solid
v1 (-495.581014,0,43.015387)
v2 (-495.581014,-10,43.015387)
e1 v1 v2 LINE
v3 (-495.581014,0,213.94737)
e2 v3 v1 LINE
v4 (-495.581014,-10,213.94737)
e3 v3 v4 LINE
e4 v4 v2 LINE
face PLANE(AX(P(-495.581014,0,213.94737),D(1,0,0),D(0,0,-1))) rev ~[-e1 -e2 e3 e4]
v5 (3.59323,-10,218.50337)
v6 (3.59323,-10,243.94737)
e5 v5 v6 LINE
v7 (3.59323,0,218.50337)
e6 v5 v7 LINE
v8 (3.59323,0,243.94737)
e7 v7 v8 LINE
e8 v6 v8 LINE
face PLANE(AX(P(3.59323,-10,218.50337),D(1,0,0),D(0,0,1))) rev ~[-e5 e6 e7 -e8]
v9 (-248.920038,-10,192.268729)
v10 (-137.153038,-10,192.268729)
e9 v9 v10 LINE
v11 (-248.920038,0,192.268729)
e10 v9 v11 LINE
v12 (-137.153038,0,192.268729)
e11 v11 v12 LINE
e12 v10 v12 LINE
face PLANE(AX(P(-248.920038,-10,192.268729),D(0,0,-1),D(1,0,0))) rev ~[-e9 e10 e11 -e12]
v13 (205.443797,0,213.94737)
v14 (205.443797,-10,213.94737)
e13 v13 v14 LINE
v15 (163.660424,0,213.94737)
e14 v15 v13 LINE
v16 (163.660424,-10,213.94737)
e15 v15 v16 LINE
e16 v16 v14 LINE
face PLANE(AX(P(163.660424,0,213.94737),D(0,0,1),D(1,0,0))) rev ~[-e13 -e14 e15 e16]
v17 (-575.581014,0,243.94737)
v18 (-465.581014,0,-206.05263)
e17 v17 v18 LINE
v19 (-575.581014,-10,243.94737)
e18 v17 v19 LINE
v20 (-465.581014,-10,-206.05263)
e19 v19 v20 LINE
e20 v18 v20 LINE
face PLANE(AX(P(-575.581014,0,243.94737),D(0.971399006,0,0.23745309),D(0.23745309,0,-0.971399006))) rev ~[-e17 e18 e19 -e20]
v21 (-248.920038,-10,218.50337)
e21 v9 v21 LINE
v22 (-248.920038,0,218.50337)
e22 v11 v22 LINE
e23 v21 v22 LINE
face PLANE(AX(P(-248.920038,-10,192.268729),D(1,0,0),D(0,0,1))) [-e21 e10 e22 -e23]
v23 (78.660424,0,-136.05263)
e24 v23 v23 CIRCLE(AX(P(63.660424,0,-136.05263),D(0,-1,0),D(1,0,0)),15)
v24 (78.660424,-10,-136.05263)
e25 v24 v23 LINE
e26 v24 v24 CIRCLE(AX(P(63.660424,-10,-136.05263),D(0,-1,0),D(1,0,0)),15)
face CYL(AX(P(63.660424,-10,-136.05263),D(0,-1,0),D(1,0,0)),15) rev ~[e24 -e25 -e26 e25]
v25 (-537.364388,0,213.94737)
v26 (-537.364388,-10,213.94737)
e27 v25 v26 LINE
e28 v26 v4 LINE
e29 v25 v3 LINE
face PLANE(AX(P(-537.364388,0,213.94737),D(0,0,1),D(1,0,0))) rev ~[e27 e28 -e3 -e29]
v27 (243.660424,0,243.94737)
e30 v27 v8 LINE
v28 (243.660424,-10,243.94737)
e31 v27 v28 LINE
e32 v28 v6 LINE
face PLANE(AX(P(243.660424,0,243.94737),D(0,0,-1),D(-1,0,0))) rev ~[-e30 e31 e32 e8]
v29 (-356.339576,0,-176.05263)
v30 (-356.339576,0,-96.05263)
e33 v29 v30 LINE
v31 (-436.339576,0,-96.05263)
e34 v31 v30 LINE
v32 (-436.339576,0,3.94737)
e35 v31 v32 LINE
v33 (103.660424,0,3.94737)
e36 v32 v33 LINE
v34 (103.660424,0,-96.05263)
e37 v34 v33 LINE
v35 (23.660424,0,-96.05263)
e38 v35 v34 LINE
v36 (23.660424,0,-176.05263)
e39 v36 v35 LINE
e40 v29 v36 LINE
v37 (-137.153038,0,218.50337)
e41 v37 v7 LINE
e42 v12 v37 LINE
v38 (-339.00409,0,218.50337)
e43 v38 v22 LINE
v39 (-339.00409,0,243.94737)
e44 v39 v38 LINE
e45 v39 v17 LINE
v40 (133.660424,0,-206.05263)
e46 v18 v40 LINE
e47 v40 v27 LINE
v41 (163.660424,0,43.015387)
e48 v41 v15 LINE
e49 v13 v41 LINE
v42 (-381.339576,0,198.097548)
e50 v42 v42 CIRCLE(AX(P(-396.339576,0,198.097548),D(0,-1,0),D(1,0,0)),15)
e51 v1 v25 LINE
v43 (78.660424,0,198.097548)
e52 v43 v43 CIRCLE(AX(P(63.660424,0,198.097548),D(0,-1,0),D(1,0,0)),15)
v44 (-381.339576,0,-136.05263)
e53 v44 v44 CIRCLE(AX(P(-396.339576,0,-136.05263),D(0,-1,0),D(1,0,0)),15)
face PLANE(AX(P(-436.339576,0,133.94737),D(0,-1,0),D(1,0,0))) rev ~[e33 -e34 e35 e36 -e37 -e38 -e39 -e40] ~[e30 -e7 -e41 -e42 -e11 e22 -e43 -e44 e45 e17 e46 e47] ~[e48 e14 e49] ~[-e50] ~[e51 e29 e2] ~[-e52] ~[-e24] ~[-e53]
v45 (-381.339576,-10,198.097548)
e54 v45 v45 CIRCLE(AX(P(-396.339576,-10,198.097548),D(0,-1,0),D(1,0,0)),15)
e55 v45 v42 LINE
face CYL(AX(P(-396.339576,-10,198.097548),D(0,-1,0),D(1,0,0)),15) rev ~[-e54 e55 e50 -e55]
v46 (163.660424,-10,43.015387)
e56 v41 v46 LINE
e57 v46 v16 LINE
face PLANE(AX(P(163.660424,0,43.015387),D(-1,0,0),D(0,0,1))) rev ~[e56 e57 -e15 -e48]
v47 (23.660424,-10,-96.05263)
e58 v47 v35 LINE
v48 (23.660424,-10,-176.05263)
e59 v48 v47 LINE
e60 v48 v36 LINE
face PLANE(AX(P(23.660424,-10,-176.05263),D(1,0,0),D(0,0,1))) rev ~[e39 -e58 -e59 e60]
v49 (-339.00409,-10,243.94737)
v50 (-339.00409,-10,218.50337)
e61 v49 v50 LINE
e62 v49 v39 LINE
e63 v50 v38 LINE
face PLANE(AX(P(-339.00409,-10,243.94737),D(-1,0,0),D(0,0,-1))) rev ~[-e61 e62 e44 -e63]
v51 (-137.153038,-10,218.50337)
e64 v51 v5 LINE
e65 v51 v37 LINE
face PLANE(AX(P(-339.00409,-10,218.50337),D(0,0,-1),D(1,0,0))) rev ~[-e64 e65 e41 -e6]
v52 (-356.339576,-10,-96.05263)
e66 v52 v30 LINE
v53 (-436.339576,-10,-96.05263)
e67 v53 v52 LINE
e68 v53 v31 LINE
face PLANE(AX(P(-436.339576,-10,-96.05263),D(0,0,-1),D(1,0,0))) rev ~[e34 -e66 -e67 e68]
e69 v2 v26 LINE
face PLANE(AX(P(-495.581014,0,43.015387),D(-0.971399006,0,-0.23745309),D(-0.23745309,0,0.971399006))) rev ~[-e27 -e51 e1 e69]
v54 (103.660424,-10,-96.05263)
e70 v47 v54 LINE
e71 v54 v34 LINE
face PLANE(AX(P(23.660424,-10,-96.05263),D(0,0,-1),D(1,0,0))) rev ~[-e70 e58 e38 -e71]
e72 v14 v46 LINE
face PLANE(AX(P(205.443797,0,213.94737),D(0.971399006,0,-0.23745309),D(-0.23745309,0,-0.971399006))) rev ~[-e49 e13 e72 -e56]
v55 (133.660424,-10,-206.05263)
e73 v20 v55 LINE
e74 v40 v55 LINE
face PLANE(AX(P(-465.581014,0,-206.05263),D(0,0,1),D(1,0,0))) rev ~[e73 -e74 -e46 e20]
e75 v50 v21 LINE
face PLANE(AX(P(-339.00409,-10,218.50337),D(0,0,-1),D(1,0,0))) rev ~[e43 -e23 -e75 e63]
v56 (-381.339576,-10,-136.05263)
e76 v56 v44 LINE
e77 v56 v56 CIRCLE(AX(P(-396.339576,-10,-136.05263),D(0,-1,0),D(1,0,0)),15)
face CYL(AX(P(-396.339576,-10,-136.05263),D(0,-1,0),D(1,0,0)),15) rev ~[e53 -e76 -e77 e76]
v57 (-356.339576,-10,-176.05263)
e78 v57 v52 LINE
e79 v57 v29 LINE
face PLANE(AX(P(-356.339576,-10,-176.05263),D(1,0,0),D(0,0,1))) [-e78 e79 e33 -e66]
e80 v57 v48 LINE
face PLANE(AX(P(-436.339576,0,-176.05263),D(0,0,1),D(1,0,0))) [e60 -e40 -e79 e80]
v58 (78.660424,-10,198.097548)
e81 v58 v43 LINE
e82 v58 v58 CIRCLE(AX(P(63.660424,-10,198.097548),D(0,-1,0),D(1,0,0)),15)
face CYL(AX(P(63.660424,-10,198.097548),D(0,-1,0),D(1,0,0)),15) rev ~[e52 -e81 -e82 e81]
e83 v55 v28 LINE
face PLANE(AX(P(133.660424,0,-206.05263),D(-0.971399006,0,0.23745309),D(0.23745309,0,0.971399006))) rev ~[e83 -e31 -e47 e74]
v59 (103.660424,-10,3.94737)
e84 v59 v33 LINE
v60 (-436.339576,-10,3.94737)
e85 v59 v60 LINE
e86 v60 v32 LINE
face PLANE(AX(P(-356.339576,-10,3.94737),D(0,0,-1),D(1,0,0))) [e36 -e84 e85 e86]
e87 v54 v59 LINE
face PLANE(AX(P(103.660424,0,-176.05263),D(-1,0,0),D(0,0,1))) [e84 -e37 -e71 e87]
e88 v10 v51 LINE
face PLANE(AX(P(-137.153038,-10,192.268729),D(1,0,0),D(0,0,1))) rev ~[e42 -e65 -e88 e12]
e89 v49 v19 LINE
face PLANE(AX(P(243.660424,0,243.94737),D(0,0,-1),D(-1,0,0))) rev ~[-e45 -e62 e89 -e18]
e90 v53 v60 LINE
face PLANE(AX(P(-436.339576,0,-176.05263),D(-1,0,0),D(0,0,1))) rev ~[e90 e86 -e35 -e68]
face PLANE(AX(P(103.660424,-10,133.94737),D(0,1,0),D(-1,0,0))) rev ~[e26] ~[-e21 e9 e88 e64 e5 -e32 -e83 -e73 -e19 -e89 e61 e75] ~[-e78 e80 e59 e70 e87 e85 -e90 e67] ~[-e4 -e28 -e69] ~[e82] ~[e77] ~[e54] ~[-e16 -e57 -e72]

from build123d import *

# Parameters (mm, degrees)
F0_W      = 540
F0_H      = 390
F1_DEPTH  = 10
F2_W      = 80
F2_H      = 80
F2_R      = 15
F3_DEPTH  = 10
F5_W      = 380
F5_H      = 80
F6_DEPTH  = 10
F7_DEPTH  = 25
F8_W      = 111.767
F8_H      = 26.2346411405
F9_DEPTH  = 25
F10_DEPTH = 130


with BuildPart() as f1:
    # F0 (on Front) → F1 (new body)
    with BuildSketch(Plane.XZ):
        Polygon((-575.5810141563, 243.9473703504), (-465.5810141563, -206.0526296496), (133.660423523, -206.0526296496), (243.660423523, 243.9473703504), (133.660423523, 243.9473703504), (-465.5810141563, 243.9473703504), align=None)
        with Locations((-166.339576477, 18.9473703504)):
            Rectangle(F0_W, F0_H, mode=Mode.SUBTRACT)
        Polygon((-495.5810141563, 43.0153865893), (-537.3643879646, 213.9473703504), (-495.5810141563, 213.9473703504), align=None, mode=Mode.SUBTRACT)
        Polygon((163.660423523, 213.9473703504), (205.4437973313, 213.9473703504), (163.660423523, 43.0153865893), align=None, mode=Mode.SUBTRACT)
    extrude(amount=F1_DEPTH)

    # F2 (on face) → F3 (join)
    with BuildSketch(Plane.XZ.offset(10)):
        with Locations((-396.339576477, 173.9473703504)):
            Rectangle(F2_W, F2_H)
        with Locations((-396.339576477, 198.0975481868)):
            Circle(F2_R, mode=Mode.SUBTRACT)
        with Locations((63.660423523, 173.9473703504)):
            Rectangle(F2_W, F2_H)
        with Locations((63.660423523, 198.0975481868)):
            Circle(F2_R, mode=Mode.SUBTRACT)
        with Locations((63.660423523, -136.0526296496)):
            Rectangle(F2_W, F2_H)
        with Locations((63.660423523, -136.0526296496)):
            Circle(F2_R, mode=Mode.SUBTRACT)
        with Locations((-396.339576477, -136.0526296496)):
            Rectangle(F2_W, F2_H)
        with Locations((-396.339576477, -136.0526296496)):
            Circle(F2_R, mode=Mode.SUBTRACT)
    extrude(amount=-F3_DEPTH)

    # F5 (on face) → F6 (join)
    with BuildSketch(Plane.XZ.offset(10)):
        with Locations((-166.339576477, 173.9473703504)):
            Rectangle(F5_W, F5_H)
    extrude(amount=-F6_DEPTH)

    # F4 (on face) → F7 (cut)
    with BuildSketch(Plane.XZ.offset(10)):
        Polygon((3.5932296524, 243.9473703504), (-339.0040903476, 243.9473703504), (-339.0040903476, 218.5033703504), (-286.9719266891, 218.5033703504), (3.5932296524, 218.5033703504), align=None)
    extrude(amount=-F7_DEPTH, mode=Mode.SUBTRACT)

    # F8 (on face) → F9 (cut)
    with BuildSketch(Plane.XZ.offset(10)):
        with Locations((-193.0365383425, 205.3860497801)):
            Rectangle(F8_W, F8_H)
    extrude(amount=-F9_DEPTH, mode=Mode.SUBTRACT)

    # F10 (add): a face of the model
    f10_faces = [f1.faces().sort_by_distance(p)[0] for p in [
        (-166.339576477, -5, 133.9473703504),
    ]]
    extrude(f10_faces, amount=F10_DEPTH)


solid = f1.part
